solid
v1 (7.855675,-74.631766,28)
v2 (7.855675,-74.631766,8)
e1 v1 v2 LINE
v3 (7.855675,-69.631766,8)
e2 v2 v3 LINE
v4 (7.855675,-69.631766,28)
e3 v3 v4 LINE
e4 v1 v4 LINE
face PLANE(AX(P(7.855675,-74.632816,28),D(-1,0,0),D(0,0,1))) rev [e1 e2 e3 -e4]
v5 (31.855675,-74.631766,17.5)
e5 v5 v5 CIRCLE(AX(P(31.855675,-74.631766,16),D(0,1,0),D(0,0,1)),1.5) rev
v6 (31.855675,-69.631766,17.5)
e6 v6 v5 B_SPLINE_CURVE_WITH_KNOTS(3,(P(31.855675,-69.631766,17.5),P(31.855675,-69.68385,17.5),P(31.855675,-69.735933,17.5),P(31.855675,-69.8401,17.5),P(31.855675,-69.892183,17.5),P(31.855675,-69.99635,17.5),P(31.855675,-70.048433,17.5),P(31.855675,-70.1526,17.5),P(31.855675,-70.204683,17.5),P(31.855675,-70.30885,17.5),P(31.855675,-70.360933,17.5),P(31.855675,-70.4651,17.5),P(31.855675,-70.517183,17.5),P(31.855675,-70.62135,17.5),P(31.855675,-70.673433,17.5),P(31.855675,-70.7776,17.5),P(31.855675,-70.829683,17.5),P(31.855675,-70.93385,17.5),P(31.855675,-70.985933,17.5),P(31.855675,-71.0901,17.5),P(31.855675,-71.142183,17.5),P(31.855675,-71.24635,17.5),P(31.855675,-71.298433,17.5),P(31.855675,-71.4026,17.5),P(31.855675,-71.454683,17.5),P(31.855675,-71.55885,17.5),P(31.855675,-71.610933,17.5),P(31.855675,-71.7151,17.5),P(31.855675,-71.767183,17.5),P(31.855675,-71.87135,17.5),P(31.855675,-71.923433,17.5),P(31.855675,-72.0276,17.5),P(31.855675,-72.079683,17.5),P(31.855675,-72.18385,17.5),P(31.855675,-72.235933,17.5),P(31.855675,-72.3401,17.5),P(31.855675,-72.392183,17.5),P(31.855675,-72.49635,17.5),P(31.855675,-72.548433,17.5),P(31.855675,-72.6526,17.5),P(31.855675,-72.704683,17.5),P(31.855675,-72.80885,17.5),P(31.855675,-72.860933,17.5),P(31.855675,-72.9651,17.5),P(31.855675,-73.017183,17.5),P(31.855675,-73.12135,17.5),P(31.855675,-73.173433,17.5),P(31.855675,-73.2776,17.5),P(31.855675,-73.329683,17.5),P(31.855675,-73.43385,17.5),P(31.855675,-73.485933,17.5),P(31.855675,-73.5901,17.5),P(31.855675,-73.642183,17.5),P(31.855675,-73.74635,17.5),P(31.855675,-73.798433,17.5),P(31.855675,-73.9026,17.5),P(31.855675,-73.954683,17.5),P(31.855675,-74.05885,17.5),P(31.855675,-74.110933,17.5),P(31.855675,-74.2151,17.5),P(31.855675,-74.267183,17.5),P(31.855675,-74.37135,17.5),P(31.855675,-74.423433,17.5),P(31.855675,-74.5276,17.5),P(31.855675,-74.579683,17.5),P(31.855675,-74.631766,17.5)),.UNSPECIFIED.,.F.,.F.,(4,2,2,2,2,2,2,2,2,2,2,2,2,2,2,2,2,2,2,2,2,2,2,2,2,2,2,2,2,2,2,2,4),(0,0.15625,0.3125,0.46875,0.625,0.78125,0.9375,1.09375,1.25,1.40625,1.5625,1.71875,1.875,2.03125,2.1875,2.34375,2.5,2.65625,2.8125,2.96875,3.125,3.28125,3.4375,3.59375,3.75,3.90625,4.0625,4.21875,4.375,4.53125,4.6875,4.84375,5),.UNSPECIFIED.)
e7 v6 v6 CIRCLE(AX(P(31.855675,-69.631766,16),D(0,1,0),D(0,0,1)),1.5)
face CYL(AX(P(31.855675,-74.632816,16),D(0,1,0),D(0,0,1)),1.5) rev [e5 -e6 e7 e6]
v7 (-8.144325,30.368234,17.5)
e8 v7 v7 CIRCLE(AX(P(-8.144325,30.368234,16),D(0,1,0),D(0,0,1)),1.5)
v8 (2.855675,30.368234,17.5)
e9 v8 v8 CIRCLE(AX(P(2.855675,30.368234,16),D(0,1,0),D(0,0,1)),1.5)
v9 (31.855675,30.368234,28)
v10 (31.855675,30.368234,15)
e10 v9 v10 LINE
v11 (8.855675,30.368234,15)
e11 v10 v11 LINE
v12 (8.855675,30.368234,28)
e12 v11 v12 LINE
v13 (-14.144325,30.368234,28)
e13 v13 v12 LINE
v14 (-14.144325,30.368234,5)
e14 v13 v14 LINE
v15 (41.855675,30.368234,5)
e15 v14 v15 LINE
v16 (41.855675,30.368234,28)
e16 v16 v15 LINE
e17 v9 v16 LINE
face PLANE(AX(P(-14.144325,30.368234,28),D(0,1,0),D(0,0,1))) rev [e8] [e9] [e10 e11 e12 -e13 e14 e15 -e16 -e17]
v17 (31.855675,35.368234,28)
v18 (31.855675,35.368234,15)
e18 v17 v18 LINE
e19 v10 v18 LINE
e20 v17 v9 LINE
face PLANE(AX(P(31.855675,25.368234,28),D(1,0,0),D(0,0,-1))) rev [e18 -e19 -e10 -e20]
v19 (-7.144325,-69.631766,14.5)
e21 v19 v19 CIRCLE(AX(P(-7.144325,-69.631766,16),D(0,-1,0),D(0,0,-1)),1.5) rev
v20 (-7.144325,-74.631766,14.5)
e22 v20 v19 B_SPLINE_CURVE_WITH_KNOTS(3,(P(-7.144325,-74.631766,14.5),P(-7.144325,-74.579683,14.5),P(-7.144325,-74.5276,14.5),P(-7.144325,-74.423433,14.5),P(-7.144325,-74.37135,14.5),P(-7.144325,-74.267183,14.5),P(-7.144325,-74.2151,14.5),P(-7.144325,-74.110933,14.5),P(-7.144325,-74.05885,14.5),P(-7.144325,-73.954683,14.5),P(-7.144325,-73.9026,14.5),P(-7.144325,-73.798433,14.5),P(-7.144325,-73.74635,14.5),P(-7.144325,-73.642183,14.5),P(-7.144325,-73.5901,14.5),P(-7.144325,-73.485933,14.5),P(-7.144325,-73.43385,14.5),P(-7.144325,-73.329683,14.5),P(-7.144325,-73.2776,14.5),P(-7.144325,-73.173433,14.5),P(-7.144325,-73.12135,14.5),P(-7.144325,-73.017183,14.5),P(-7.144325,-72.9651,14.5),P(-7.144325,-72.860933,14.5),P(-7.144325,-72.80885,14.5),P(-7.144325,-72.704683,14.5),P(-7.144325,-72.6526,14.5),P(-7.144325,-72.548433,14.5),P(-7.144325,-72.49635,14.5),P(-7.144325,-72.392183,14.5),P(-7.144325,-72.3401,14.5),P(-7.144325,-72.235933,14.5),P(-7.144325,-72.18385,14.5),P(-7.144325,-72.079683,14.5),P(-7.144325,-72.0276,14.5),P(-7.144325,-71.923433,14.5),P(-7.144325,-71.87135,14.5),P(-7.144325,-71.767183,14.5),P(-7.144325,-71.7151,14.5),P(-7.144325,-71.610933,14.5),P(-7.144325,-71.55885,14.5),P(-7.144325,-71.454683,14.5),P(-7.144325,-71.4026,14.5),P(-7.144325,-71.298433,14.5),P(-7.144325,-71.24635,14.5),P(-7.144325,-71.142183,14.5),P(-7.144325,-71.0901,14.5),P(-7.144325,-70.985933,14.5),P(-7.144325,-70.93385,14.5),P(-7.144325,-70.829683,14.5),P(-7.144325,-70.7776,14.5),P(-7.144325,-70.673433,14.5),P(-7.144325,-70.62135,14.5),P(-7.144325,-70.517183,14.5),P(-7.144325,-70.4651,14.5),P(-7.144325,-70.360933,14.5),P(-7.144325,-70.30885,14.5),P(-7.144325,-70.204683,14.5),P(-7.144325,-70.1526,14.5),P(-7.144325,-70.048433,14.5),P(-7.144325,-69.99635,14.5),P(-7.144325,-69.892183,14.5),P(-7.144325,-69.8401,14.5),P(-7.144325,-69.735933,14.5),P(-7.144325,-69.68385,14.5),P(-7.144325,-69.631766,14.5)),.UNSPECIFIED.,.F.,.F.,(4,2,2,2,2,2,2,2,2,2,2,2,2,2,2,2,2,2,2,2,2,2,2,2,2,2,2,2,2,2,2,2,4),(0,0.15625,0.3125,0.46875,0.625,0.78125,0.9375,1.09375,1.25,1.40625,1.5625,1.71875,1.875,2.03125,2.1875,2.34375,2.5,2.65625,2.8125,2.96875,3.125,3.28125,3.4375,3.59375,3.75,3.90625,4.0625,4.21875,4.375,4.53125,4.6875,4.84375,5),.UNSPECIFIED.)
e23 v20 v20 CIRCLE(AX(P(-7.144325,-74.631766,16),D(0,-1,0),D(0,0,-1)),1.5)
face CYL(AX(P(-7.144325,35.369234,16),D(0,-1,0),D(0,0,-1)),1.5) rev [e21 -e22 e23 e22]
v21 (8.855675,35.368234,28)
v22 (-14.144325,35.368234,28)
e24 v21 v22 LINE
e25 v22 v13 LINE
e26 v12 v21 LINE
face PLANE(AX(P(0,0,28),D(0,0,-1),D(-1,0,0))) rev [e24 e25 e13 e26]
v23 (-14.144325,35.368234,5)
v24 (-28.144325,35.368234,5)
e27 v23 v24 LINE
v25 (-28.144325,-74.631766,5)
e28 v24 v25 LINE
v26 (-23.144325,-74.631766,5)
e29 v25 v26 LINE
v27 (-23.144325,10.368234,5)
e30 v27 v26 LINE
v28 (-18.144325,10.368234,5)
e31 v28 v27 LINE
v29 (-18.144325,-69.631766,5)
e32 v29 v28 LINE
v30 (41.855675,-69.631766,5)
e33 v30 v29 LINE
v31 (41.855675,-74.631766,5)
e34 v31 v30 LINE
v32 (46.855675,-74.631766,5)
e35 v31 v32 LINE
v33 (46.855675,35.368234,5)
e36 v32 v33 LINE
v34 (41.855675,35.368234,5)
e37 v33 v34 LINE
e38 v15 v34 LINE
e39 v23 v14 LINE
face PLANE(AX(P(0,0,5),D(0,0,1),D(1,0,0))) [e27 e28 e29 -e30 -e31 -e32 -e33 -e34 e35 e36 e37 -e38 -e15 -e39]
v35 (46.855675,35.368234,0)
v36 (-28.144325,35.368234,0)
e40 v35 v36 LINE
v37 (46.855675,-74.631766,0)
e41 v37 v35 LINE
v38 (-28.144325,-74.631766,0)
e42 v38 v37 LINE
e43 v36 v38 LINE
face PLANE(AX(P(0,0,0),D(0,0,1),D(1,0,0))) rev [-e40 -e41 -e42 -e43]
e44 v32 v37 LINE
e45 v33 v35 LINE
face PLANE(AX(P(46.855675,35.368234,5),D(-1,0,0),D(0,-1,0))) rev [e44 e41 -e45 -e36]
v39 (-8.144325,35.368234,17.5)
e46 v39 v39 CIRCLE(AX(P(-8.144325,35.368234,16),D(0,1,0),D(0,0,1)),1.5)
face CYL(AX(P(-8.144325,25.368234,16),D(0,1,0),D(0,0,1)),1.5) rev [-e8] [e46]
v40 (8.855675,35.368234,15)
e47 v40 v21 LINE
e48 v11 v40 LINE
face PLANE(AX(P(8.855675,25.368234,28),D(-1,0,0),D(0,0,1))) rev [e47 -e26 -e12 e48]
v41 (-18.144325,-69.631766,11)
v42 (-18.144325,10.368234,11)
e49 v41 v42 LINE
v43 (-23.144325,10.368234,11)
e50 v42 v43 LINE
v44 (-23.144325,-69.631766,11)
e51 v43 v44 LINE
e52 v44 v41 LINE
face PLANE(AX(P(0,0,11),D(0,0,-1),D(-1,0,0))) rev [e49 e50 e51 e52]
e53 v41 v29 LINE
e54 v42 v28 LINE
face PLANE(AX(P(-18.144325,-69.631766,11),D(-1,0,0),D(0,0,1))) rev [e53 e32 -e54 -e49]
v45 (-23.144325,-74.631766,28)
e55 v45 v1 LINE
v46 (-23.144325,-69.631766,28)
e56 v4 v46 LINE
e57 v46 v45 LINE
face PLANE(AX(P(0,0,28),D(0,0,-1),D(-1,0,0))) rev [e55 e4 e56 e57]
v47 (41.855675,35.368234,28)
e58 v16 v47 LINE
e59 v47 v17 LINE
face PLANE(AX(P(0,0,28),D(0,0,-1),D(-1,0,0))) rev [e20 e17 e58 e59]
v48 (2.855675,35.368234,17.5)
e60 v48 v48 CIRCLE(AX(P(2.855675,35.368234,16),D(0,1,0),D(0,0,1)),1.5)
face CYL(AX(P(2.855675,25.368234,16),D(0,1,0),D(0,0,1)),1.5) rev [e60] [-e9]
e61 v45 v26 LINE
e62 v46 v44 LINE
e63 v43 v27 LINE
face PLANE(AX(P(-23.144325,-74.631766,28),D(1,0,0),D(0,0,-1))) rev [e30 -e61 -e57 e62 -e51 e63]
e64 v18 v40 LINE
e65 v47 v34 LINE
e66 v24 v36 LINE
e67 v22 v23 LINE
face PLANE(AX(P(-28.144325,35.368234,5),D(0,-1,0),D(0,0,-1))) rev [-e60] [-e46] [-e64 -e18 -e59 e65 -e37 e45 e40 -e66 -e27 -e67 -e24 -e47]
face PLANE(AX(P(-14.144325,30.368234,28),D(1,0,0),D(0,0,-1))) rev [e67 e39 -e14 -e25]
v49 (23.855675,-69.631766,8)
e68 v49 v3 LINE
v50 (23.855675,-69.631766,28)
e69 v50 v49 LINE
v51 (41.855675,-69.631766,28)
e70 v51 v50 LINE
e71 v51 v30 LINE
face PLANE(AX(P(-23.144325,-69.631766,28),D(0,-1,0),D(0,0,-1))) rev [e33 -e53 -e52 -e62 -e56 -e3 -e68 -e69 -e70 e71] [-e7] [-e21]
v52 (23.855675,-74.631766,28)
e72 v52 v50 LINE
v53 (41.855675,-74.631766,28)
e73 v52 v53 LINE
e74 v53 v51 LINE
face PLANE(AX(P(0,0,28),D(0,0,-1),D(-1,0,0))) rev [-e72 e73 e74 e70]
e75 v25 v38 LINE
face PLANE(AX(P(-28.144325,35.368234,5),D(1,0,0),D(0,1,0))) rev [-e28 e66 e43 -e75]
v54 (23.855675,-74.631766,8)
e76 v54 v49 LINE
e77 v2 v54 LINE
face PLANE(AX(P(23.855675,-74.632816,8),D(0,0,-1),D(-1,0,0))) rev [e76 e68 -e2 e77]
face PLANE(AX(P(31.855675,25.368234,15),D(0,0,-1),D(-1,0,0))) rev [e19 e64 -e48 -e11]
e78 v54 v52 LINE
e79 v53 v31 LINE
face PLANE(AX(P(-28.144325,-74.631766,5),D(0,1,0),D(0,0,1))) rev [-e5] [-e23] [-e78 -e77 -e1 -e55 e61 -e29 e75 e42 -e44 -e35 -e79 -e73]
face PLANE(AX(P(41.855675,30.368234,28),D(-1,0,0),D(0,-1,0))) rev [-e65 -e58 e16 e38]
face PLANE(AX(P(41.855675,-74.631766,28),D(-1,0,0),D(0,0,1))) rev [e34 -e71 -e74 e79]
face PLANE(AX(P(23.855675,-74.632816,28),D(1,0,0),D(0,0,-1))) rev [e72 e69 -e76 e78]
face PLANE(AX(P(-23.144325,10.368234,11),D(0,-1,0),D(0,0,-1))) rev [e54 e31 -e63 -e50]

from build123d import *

# Parameters (mm, degrees)
SKETCH_1_W          = 75
SKETCH_1_H          = 110
EXTRUDE_1_DEPTH     = 5
SKETCH_2_W          = 65
SKETCH_2_H          = 5
SKETCH_2_W_2        = 56
EXTRUDE_2_DEPTH     = 23
SKETCH_3_R          = 1.5
SKETCH_3_W          = 23
SKETCH_3_H          = 13
CUT_EXTRUDE_1_DEPTH = 10
CUT_EXTRUDE_2_REACH = 120.34
SKETCH_5_W          = 16
SKETCH_5_H          = 20
CUT_EXTRUDE_3_REACH = 120.34
SKETCH_6_R          = 1.5
CUT_EXTRUDE_4_REACH = 124.798
SKETCH_7_R          = 1.5
SKETCH_8_W          = 5
SKETCH_8_H          = 80
EXTRUDE_3_DEPTH     = 6


with BuildPart() as part:
    # 草圖1 → 填料-伸長1 (new body)
    with BuildSketch(Plane.XY):
        with Locations((9.355675066, -19.631766382)):
            Rectangle(SKETCH_1_W, SKETCH_1_H)
    extrude(amount=EXTRUDE_1_DEPTH)

    # 草圖2 → 填料-伸長2 (add)
    with BuildSketch(Plane.XY.offset(5)):
        with Locations((9.355675066, -72.131766382)):
            Rectangle(SKETCH_2_W, SKETCH_2_H)
        with Locations((13.855675066, 32.868233618)):
            Rectangle(SKETCH_2_W_2, SKETCH_2_H)
    extrude(amount=EXTRUDE_2_DEPTH)

    # 草圖3 → 除料-伸長1 (cut)
    with BuildSketch(Plane(origin=(0, 35.368233618, 0), x_dir=(1, 0, 0), z_dir=(0, 1, 0))):
        with Locations(Location((2.855675066, -16, 0), (0, 0, 270))):
            Circle(SKETCH_3_R)
        with Locations(Location((-8.144324934, -16, 0), (0, 0, 270))):
            Circle(SKETCH_3_R)
        with Locations((20.355675066, -21.5)):
            Rectangle(SKETCH_3_W, SKETCH_3_H)
    extrude(amount=-CUT_EXTRUDE_1_DEPTH, mode=Mode.SUBTRACT)

    # 草圖5 → 除料-伸長2 (cut, up to next)
    with BuildSketch(Plane(origin=(0, -69.631766382, 0), x_dir=(1, 0, 0), z_dir=(0, 1, 0)), mode=Mode.PRIVATE) as cut_extrude_2_sk1:
        with Locations((15.855675066, -18)):
            Rectangle(SKETCH_5_W, SKETCH_5_H)
    cut_extrude_2_tool1 = extrude(cut_extrude_2_sk1.sketch, amount=-CUT_EXTRUDE_2_REACH, mode=Mode.PRIVATE) & part.part
    add(cut_extrude_2_tool1.solids().sort_by_distance((15.855675, -69.631766, 18))[0], mode=Mode.SUBTRACT)

    # 草圖6 → 除料-伸長3 (cut, up to next)
    with BuildSketch(Plane(origin=(0, -69.631766382, 0), x_dir=(1, 0, 0), z_dir=(0, 1, 0)), mode=Mode.PRIVATE) as cut_extrude_3_sk1:
        with Locations(Location((31.855675066, -16, 0), (0, 0, 270))):
            Circle(SKETCH_6_R)
    cut_extrude_3_tool1 = extrude(cut_extrude_3_sk1.sketch, amount=-CUT_EXTRUDE_3_REACH, mode=Mode.PRIVATE) & part.part
    add(cut_extrude_3_tool1.solids().sort_by_distance((31.855675, -69.631766, 16))[0], mode=Mode.SUBTRACT)

    # 草圖7 → 除料-伸長4 (cut, up to next)
    with BuildSketch(Plane.XZ.offset(74.631766382), mode=Mode.PRIVATE) as cut_extrude_4_sk1:
        with Locations(Location((-7.144324934, 16, 0), (0, 0, 270))):
            Circle(SKETCH_7_R)
    cut_extrude_4_tool1 = extrude(cut_extrude_4_sk1.sketch, amount=-CUT_EXTRUDE_4_REACH, mode=Mode.PRIVATE) & part.part
    add(cut_extrude_4_tool1.solids().sort_by_distance((-7.144325, -74.631766, 16))[0], mode=Mode.SUBTRACT)

    # 草圖8 → 填料-伸長3 (add)
    with BuildSketch(Plane.XY.offset(5)):
        with Locations((-20.644324934, -29.631766382)):
            Rectangle(SKETCH_8_W, SKETCH_8_H)
    extrude(amount=EXTRUDE_3_DEPTH)


solid = part.part
